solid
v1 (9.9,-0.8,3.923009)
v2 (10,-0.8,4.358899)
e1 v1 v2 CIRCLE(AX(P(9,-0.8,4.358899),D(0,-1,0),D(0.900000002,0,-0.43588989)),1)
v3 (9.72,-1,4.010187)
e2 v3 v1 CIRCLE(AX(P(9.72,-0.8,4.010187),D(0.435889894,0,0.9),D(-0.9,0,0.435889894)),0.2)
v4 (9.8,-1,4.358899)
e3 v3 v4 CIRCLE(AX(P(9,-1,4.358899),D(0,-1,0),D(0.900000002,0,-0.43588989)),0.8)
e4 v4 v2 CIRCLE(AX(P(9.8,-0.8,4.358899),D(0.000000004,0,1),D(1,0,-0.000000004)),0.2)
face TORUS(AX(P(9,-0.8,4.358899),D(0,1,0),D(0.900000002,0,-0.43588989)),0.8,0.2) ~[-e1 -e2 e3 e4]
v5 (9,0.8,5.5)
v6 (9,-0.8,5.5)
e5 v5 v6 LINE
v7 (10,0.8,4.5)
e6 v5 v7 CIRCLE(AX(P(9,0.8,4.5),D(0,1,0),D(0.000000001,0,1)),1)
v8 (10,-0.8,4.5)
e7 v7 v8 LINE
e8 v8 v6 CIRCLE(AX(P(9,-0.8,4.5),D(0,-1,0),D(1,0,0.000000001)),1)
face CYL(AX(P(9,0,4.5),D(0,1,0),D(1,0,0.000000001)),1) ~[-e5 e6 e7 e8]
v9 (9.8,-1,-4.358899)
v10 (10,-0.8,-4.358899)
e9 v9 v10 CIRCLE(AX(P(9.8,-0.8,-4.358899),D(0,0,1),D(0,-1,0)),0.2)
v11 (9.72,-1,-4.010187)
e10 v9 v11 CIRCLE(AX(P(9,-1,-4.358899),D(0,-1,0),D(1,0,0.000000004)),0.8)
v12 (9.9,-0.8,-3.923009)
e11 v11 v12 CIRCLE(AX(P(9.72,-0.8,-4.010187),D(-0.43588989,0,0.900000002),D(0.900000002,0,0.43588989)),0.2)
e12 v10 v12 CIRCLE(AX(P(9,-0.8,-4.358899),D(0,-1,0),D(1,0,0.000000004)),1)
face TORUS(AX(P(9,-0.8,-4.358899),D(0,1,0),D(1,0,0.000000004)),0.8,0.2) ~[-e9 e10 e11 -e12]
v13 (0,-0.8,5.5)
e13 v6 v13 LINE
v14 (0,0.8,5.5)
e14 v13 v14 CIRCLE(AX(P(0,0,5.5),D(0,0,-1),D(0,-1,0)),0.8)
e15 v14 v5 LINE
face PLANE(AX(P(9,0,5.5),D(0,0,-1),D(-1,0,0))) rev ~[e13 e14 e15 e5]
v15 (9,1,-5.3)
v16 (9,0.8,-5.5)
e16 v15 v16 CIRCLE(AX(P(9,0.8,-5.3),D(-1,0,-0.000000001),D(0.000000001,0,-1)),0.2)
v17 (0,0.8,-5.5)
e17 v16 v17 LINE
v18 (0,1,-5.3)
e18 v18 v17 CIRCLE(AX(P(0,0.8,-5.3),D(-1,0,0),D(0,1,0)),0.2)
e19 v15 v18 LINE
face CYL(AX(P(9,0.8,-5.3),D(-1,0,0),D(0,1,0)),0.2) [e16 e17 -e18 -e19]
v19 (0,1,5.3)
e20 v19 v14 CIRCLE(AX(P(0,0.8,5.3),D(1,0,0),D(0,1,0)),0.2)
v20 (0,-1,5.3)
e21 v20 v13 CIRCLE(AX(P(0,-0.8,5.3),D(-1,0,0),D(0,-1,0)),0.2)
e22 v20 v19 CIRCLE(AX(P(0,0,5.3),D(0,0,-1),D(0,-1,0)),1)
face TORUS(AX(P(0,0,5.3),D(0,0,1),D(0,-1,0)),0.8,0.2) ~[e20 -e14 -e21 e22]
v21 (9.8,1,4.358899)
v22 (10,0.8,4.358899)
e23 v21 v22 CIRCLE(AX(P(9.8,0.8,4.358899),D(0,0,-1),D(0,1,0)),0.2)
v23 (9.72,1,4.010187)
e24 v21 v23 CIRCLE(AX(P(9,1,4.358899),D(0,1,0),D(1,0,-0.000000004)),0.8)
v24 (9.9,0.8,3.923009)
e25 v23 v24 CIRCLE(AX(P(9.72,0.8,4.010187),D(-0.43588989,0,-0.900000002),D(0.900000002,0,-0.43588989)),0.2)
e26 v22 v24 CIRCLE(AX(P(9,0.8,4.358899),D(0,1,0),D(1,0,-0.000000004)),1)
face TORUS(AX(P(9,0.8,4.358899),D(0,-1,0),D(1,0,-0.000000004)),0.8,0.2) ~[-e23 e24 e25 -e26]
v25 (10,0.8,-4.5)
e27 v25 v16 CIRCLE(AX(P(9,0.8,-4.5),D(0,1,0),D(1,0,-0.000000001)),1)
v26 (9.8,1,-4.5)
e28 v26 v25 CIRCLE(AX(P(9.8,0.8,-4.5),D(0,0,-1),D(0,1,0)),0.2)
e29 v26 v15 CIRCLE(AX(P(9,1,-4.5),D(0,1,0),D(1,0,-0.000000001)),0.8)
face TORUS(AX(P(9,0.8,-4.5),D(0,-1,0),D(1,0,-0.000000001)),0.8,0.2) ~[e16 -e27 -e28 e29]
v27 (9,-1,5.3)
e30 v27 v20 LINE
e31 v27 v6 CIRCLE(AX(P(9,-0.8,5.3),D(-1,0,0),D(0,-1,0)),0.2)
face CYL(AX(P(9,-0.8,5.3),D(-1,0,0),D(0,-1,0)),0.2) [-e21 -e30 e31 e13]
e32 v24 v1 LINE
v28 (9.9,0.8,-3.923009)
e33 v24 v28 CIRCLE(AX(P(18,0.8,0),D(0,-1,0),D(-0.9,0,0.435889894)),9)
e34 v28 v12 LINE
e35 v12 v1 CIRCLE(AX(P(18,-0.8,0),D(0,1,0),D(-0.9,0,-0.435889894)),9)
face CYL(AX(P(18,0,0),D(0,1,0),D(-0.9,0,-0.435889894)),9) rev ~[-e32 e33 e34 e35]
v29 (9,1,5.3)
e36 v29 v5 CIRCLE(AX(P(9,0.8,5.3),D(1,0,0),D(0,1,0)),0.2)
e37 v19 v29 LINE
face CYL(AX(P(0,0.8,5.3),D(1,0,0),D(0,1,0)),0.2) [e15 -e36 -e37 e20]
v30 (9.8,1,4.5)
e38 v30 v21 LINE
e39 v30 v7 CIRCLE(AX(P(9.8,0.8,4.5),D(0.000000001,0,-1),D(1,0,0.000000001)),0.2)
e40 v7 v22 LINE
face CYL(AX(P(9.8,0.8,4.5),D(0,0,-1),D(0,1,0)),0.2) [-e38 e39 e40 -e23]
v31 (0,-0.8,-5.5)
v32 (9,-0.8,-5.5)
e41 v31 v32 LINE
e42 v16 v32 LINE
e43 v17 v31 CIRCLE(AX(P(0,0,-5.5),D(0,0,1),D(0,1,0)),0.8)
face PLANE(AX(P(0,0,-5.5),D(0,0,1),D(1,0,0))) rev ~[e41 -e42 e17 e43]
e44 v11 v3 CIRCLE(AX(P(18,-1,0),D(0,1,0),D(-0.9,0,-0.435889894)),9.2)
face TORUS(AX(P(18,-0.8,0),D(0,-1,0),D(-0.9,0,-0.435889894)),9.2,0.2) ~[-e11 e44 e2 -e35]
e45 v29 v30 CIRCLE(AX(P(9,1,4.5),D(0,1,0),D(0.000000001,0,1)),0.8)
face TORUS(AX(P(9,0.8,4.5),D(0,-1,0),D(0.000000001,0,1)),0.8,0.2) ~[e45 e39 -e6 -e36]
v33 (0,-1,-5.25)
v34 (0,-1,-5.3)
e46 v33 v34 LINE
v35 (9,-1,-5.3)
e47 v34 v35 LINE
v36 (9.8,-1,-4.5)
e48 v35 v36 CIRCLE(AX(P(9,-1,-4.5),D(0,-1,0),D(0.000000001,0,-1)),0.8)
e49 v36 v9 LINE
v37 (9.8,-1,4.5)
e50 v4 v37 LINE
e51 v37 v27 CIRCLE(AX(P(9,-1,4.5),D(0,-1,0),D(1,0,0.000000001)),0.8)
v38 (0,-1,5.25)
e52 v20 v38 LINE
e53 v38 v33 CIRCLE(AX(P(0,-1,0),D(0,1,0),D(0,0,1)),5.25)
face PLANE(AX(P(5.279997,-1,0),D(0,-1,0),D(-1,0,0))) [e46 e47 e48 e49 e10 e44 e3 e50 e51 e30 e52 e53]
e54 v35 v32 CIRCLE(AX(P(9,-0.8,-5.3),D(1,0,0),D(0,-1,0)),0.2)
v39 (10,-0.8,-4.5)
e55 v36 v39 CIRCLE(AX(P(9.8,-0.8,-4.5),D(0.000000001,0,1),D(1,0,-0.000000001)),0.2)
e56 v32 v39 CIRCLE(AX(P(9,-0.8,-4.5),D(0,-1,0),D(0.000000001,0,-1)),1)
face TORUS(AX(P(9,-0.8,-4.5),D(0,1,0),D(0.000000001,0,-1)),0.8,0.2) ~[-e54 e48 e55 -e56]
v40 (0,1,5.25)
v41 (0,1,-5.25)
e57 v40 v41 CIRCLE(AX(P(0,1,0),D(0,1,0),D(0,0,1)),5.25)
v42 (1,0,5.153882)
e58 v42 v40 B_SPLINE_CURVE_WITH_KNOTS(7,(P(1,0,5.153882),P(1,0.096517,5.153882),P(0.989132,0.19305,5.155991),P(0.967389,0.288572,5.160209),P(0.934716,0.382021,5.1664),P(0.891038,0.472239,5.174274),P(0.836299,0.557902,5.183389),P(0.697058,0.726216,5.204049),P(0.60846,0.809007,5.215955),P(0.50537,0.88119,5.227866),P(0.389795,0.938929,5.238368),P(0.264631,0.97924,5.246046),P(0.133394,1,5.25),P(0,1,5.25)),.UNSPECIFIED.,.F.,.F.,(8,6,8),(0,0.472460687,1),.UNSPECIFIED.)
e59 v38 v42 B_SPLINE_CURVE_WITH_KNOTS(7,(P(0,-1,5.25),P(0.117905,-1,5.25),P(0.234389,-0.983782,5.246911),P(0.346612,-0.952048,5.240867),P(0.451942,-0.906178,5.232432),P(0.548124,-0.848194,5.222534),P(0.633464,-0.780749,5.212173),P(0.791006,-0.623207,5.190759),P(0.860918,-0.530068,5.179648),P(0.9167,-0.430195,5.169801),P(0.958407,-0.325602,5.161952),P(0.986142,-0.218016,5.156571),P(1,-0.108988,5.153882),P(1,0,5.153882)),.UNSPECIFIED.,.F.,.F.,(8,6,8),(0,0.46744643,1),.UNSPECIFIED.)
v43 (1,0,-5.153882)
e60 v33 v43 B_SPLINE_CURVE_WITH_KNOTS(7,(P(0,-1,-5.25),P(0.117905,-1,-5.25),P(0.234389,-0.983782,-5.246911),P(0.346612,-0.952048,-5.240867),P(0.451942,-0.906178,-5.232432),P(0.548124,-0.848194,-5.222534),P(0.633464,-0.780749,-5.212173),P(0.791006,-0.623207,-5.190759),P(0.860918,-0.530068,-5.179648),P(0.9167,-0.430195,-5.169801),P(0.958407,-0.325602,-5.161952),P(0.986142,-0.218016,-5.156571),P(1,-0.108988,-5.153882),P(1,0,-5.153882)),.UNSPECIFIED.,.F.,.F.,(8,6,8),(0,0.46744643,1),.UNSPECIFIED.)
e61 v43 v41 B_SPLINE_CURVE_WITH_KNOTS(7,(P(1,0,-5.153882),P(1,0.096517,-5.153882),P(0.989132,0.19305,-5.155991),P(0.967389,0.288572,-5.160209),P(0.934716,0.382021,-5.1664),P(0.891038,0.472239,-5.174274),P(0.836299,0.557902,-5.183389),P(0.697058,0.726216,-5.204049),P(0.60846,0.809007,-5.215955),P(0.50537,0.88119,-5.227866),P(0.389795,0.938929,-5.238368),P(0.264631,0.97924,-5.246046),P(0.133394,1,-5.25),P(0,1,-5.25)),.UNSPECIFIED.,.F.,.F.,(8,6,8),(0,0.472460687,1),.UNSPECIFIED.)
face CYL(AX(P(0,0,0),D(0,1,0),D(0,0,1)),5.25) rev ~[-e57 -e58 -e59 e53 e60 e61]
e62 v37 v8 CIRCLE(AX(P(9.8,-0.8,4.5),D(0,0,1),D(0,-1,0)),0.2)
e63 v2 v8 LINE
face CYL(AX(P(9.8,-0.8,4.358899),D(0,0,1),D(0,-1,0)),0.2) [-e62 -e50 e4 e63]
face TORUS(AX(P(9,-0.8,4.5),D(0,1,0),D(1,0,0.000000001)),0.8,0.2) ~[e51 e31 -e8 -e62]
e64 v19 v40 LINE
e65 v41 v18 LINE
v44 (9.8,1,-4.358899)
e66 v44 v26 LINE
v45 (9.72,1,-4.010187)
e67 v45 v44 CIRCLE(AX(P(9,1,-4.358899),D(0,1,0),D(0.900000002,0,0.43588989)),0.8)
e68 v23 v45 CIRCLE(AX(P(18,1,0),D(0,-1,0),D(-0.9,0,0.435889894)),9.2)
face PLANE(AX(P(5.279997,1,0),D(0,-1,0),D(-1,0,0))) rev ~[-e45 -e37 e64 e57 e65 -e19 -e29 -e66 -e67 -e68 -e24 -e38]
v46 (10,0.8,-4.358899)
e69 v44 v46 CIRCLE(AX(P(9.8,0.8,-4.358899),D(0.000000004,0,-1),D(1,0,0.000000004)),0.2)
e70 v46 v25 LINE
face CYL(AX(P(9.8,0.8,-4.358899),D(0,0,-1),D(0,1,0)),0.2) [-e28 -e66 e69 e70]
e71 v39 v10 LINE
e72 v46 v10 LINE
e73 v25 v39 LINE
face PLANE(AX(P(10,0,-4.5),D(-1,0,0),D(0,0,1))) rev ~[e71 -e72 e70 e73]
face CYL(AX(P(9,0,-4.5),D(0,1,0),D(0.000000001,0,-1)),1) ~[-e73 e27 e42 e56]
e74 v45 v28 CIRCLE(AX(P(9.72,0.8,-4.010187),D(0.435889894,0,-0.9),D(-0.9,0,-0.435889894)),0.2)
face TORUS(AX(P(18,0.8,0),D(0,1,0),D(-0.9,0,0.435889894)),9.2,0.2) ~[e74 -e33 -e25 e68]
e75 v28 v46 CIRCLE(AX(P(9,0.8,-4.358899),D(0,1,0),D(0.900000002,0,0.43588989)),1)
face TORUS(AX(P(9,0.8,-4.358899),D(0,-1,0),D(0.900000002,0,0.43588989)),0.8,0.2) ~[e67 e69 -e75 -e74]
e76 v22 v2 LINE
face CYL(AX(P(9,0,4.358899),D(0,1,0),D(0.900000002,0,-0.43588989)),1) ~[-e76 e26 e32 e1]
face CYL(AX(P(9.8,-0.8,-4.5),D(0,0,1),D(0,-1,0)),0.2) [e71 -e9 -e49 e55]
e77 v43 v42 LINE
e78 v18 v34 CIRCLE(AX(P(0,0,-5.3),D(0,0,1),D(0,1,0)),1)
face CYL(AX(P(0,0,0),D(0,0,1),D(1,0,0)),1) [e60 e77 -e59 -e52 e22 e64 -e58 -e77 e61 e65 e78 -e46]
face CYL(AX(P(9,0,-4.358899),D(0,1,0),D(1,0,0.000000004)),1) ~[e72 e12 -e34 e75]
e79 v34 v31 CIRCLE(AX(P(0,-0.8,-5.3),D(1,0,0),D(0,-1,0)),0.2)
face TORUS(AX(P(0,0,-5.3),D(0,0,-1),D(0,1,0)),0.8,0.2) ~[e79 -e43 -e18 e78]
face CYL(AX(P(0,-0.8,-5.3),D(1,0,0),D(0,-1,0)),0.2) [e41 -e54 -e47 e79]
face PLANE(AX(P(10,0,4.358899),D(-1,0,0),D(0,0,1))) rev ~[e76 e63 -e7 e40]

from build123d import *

# Parameters (mm, degrees)
SKETCH1_R           = 1
BOSS_EXTRUDE1_DEPTH = 5.5
BOSS_EXTRUDE2_DEPTH = 1
FILLET1_R           = 0.2


with BuildPart() as part:
    # Sketch1 → Boss-Extrude1 (new, symmetric)
    with BuildSketch(Plane.XY):
        Circle(SKETCH1_R)
    extrude(amount=BOSS_EXTRUDE1_DEPTH, both=True)

    # Sketch2 → Boss-Extrude2 (add, symmetric)
    with BuildSketch(Plane(origin=(0, 0, 0), x_dir=(1, 0, 0), z_dir=(0, 1, 0))):
        with BuildLine():
            Line((0, 5.5), (9, 5.5))
            ThreePointArc((9, 5.5), (9.707106781, 5.207106781), (10, 4.5))
            Line((10, 4.5), (10, 4.358898944))
            ThreePointArc((10, 4.358898944), (9.974679434, 4.135292146), (9.9, 3.923009049))
            ThreePointArc((9.9, 3.923009049), (9, 0), (9.9, -3.923009049))
            ThreePointArc((9.9, -3.923009049), (9.974679434, -4.135292146), (10, -4.358898944))
            Line((10, -4.358898944), (10, -4.5))
            ThreePointArc((10, -4.5), (9.707106781, -5.207106781), (9, -5.5))
            Line((9, -5.5), (0, -5.5))
            Line((0, -5.5), (0, -5.25))
            ThreePointArc((0, -5.25), (5.25, 0), (0, 5.25))
            Line((0, 5.25), (0, 5.5))
        make_face()
    extrude(amount=BOSS_EXTRUDE2_DEPTH, both=True)

    # Fillet1
    fillet1_edges = [part.edges().sort_by_distance(p)[0] for p in [
        (4.5, -1, 5.5),
        (9.707106781, -1, 5.207106781),
        (10, -1, 4.429449472),
        (9.974679434, -1, 4.135292146),
        (9, -1, 0),
        (9.974679434, -1, -4.135292146),
        (10, -1, -4.429449472),
        (9.707106781, -1, -5.207106781),
        (4.5, -1, -5.5),
        (4.5, 1, 5.5),
        (9.707106781, 1, 5.207106781),
        (10, 1, 4.429449472),
        (9.974679434, 1, 4.135292146),
        (9, 1, 0),
        (9.974679434, 1, -4.135292146),
        (10, 1, -4.429449472),
        (-1, 0, -5.5),
        (9.707106781, 1, -5.207106781),
        (4.5, 1, -5.5),
        (-1, 0, 5.5),
    ]]
    fillet(fillet1_edges, radius=FILLET1_R)


solid = part.part
